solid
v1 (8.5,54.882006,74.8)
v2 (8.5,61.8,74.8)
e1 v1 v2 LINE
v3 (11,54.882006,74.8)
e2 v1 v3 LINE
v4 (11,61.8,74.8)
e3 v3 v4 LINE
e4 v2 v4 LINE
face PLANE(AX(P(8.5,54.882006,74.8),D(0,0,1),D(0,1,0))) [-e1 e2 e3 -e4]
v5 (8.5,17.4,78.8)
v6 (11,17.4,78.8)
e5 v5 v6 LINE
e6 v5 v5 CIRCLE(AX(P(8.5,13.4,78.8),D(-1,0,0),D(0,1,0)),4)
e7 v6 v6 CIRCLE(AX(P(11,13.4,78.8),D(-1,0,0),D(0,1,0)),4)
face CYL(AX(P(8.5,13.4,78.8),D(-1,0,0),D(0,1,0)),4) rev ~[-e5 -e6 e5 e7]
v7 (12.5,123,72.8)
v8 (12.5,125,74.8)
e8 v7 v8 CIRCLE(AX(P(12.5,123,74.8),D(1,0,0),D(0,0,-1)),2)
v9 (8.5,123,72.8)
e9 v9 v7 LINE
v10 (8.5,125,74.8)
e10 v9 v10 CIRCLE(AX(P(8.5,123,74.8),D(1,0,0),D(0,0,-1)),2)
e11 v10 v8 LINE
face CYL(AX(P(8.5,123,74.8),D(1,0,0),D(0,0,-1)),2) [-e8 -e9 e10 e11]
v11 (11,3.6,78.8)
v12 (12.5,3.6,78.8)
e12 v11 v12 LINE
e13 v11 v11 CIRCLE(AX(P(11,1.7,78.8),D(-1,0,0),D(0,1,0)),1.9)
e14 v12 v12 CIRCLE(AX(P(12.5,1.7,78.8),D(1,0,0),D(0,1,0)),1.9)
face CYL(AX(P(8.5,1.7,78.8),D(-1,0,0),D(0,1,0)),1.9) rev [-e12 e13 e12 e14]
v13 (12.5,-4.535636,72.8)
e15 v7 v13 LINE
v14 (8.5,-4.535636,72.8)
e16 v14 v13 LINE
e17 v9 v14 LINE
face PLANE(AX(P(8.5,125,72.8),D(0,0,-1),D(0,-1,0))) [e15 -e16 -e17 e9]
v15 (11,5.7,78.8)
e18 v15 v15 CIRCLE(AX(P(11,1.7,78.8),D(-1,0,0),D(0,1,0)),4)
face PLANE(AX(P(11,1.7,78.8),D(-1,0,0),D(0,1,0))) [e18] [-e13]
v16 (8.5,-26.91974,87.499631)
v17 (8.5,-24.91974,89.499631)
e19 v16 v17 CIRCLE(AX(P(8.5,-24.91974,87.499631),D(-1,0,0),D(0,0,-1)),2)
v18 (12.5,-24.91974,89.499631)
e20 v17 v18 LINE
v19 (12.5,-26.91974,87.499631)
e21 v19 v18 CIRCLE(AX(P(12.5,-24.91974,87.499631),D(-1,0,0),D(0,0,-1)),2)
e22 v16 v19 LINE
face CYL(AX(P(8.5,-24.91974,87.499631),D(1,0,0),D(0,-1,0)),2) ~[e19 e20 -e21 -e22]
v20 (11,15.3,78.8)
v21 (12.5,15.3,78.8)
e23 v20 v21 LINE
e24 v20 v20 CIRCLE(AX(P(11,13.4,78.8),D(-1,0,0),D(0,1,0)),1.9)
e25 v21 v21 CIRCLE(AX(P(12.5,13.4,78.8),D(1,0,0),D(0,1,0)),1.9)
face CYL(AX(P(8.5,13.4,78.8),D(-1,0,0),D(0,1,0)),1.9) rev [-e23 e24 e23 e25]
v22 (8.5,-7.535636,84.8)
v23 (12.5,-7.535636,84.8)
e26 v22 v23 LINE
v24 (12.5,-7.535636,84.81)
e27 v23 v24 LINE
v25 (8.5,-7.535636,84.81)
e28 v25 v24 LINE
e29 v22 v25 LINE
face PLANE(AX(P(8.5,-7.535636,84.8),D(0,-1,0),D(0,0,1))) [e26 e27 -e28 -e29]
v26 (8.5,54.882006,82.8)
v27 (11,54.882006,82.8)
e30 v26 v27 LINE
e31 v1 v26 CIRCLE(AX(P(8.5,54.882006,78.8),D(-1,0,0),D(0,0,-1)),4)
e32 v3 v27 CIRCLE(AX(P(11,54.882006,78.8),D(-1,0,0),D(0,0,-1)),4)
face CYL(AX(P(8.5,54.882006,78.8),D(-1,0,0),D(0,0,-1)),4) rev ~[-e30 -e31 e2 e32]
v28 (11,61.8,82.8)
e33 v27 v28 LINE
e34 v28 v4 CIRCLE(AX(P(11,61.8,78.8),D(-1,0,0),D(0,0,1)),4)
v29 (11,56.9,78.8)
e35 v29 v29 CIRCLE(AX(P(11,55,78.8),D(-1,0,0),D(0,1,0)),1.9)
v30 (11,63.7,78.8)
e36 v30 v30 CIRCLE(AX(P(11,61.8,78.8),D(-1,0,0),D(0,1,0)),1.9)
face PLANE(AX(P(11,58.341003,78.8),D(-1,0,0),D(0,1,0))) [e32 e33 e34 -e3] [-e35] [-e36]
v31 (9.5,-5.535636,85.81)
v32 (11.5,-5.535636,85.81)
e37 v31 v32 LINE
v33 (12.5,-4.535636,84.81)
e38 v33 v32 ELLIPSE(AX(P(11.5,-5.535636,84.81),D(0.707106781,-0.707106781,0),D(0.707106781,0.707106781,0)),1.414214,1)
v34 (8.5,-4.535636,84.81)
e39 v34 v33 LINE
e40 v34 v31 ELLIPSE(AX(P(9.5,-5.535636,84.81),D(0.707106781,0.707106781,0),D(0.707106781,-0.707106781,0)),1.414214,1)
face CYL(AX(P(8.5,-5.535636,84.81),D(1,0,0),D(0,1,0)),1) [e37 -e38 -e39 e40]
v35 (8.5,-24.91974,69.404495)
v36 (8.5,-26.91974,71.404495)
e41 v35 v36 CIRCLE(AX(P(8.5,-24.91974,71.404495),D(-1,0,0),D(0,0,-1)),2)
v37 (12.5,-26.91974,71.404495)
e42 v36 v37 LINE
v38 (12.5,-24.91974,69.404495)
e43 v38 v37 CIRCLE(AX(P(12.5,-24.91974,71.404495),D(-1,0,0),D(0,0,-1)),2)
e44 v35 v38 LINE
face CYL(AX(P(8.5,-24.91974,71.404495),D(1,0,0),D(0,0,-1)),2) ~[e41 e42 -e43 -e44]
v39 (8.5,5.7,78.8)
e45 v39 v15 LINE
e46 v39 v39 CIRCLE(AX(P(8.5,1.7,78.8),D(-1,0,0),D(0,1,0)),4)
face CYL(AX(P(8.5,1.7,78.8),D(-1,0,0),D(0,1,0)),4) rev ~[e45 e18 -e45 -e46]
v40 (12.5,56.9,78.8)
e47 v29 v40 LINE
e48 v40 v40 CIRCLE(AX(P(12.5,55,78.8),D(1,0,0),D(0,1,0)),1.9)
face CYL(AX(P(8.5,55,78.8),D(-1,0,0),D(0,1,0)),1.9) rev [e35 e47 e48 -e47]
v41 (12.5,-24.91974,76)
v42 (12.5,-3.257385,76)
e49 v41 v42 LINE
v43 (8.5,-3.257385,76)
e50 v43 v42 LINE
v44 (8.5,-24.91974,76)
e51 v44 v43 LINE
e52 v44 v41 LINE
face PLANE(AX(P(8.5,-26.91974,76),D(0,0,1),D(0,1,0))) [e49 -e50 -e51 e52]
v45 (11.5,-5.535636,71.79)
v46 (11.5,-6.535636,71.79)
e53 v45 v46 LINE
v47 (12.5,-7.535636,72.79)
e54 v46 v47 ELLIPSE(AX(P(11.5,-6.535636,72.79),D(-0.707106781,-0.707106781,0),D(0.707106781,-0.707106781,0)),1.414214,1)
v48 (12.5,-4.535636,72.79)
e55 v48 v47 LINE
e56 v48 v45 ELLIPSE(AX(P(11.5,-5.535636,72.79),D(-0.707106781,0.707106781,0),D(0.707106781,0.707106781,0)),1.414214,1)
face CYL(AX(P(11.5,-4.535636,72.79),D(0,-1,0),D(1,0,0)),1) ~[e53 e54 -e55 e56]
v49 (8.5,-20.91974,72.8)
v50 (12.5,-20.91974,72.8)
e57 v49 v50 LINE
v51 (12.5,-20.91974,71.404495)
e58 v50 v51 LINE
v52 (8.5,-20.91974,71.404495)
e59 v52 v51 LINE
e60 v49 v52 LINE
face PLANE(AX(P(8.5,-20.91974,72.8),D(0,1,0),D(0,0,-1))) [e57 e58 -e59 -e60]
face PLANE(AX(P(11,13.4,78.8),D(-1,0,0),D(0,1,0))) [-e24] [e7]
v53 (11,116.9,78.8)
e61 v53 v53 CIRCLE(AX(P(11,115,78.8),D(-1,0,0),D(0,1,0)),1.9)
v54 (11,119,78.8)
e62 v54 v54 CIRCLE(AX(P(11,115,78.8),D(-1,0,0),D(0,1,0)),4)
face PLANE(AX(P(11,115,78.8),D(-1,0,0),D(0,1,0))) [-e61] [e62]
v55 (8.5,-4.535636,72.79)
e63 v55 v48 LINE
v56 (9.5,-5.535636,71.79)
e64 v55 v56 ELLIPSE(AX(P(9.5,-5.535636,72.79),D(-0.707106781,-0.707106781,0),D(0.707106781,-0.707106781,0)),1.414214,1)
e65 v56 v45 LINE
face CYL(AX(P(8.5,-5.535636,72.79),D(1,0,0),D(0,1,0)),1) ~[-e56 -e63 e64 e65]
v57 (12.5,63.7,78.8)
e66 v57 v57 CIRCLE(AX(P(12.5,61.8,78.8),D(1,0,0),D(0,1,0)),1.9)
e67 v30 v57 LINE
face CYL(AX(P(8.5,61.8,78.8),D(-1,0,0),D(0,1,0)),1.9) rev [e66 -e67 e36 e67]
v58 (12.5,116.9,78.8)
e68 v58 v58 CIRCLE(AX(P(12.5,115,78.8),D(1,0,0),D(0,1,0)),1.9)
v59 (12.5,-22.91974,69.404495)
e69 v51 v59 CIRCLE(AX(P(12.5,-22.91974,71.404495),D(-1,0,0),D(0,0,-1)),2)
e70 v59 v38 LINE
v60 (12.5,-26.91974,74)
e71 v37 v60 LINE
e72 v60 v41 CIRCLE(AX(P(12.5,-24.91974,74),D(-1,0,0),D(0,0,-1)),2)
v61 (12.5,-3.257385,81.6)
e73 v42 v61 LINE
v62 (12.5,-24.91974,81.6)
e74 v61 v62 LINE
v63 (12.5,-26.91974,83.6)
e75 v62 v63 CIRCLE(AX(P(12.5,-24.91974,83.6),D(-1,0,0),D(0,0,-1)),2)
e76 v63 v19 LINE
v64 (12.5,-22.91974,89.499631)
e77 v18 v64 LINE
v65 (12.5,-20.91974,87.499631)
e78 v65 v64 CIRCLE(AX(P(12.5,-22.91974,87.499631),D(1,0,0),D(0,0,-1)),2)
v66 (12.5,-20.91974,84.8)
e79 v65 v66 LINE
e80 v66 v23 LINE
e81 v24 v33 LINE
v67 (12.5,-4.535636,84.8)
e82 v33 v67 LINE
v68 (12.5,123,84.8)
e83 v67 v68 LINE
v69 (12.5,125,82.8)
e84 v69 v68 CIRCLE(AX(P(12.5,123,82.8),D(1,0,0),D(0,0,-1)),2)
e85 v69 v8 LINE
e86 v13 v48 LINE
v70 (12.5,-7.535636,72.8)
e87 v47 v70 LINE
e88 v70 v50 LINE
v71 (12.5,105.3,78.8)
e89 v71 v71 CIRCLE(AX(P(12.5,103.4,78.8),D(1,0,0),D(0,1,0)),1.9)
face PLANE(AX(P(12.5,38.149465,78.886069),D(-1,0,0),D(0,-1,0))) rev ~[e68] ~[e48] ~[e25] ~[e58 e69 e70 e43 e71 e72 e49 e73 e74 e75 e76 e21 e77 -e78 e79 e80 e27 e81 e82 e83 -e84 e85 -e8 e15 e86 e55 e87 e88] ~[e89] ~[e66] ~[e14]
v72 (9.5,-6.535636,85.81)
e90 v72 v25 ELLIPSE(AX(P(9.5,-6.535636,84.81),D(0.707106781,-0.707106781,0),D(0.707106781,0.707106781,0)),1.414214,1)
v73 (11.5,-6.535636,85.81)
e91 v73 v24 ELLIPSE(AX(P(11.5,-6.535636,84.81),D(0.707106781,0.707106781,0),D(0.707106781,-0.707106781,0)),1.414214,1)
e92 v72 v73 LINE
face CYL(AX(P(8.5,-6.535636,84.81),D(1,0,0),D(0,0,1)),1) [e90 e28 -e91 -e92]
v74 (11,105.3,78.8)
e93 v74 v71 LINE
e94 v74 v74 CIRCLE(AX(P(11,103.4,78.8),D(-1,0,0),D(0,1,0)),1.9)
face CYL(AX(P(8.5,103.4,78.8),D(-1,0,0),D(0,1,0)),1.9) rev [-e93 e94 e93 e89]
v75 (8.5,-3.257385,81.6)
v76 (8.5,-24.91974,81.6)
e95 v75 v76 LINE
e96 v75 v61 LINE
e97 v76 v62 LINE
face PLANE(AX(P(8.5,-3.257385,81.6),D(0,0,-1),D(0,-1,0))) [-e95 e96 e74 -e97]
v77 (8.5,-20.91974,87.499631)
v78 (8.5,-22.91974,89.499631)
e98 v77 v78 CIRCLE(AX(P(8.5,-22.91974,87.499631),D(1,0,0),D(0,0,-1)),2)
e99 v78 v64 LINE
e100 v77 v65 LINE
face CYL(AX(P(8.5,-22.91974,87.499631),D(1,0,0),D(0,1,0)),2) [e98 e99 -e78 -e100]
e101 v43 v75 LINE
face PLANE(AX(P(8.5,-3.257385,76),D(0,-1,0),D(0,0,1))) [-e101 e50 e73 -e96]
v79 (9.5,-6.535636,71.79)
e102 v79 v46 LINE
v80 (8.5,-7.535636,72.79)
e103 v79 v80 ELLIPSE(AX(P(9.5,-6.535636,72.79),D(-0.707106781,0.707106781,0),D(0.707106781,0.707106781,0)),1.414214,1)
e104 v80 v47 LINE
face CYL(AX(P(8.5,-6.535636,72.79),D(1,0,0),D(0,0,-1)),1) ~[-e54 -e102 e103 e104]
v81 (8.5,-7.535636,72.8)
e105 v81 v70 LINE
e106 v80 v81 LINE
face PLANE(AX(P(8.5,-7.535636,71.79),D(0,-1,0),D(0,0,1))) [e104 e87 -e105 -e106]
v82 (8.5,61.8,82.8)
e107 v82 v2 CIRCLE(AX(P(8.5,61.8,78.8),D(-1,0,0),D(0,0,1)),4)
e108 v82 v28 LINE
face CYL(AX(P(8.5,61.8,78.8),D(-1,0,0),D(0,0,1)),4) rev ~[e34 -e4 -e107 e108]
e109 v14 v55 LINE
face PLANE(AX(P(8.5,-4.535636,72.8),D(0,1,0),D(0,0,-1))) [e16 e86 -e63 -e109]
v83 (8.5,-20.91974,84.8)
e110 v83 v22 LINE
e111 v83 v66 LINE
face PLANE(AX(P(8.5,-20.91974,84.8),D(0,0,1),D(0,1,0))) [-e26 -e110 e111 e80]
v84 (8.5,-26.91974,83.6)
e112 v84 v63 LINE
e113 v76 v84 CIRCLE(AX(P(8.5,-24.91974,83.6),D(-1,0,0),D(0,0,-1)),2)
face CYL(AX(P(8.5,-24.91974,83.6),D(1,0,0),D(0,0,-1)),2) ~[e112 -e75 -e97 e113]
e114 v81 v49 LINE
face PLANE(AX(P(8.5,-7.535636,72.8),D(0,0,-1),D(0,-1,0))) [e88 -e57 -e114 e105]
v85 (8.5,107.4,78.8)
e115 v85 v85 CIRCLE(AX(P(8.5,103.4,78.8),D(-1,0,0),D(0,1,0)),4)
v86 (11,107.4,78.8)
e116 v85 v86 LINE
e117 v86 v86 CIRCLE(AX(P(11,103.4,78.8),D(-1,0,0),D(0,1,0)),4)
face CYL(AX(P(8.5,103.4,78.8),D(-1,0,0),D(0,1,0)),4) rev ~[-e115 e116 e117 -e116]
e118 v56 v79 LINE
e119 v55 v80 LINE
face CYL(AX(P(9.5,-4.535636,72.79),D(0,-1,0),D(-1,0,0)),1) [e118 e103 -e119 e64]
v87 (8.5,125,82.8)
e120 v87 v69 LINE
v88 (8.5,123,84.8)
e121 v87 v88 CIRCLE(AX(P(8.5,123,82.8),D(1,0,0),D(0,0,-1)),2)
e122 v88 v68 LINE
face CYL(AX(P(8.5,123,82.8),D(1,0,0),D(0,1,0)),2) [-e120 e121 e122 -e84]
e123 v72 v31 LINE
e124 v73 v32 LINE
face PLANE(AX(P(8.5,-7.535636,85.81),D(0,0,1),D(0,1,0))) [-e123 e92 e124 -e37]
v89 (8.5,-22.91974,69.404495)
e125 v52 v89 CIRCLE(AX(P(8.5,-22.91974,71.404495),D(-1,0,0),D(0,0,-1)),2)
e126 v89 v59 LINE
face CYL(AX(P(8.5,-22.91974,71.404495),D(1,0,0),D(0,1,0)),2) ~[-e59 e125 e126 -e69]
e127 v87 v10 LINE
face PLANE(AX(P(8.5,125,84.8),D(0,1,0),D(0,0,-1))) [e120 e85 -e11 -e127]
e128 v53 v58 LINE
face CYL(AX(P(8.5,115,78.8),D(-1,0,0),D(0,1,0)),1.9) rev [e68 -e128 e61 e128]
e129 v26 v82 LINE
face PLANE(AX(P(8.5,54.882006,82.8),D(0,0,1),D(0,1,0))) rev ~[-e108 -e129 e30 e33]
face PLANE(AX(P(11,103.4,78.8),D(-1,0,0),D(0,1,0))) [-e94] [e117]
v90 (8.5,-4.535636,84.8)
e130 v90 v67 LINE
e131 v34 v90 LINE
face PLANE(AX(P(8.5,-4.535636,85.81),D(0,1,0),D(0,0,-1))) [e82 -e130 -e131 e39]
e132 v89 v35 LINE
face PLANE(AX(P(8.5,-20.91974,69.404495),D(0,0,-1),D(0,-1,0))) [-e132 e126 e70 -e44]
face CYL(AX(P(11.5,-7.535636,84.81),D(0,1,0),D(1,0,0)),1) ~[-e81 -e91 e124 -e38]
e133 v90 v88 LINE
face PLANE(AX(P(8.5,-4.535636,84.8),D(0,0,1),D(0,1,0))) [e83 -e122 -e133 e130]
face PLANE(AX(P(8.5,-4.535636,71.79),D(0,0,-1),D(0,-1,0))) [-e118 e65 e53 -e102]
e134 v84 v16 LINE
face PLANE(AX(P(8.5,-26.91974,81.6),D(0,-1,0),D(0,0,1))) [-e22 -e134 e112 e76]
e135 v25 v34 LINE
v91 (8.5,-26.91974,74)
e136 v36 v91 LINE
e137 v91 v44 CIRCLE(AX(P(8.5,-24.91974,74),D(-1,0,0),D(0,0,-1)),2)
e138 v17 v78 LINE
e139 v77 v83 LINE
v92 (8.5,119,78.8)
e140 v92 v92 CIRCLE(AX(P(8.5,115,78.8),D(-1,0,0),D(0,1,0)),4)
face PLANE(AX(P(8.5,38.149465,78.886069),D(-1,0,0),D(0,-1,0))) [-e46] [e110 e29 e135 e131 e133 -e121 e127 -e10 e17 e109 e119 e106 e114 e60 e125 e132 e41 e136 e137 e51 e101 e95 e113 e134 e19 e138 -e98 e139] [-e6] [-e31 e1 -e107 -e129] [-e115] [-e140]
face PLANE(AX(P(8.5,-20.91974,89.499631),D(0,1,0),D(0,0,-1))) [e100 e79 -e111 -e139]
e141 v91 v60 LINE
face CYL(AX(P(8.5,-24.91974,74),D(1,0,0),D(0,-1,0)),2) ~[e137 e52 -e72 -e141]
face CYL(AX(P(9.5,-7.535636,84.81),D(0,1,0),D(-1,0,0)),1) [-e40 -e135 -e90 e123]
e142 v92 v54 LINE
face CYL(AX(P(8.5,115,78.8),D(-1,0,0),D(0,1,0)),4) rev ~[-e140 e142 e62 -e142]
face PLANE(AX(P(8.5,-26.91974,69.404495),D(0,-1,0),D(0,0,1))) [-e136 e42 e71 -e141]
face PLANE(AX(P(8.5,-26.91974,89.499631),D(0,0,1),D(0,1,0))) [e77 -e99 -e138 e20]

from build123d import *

# Parameters (mm, degrees)
SKETCH066_R             = 1.9
PAD022_DEPTH            = 4
SKETCH067_R             = 4
POCKET044_DEPTH         = 2.5
FILLET018_R             = 2
FILLET019_R             = 1
FILLET020_R             = 2
BODY018_PLACEMENT_ANGLE = 270


with BuildPart() as part:
    # Sketch066 → Pad022 (new body)
    with BuildSketch(Plane.XZ):
        Polygon((4, 0), (-125.535636, 0), (-125.535636, -1.01), (-128.535636, -1.01), (-128.535636, 0), (-141.91974, 0), (-141.91974, -3.395505), (-147.91974, -3.395505), (-147.91974, 3.2), (-124.257385, 3.2), (-124.257385, 8.8), (-147.91974, 8.8), (-147.91974, 16.699631), (-141.91974, 16.699631), (-141.91974, 12), (-128.535636, 12), (-128.535636, 13.01), (-125.535636, 13.01), (-125.535636, 12), (4, 12), align=None)
        with Locations((-66, 6)):
            Circle(SKETCH066_R, mode=Mode.SUBTRACT)
        with Locations((-6, 6)):
            Circle(SKETCH066_R, mode=Mode.SUBTRACT)
        with Locations((-107.6, 6)):
            Circle(SKETCH066_R, mode=Mode.SUBTRACT)
        with Locations((-17.6, 6)):
            Circle(SKETCH066_R, mode=Mode.SUBTRACT)
        with Locations((-59.2, 6)):
            Circle(SKETCH066_R, mode=Mode.SUBTRACT)
        with Locations((-119.3, 6)):
            Circle(SKETCH066_R, mode=Mode.SUBTRACT)
    extrude(amount=PAD022_DEPTH)

    # Sketch067 (on Face27 of Pad022) → Pocket044 (cut)
    with BuildSketch(Plane(origin=(0, 0, 0), x_dir=(1, 0, 0), z_dir=(0, 1, 0))):
        with Locations((-107.6, -6)):
            Circle(SKETCH067_R)
        with Locations((-6, -6)):
            Circle(SKETCH067_R)
        with Locations((-17.6, -6)):
            Circle(SKETCH067_R)
        with Locations((-119.3, -6)):
            Circle(SKETCH067_R)
        with BuildLine():
            ThreePointArc((-66.1179939879, -2), (-70.1179939879, -6), (-66.1179939879, -10))
            Line((-66.1179939879, -10), (-59.2, -10))
            ThreePointArc((-59.2, -10), (-55.2, -6), (-59.2, -2))
            Line((-66.1179939879, -2), (-59.2, -2))
        make_face()
    extrude(amount=-POCKET044_DEPTH, mode=Mode.SUBTRACT)

    # Fillet018
    fillet018_edges = [part.edges().sort_by_distance(p)[0] for p in [
        (4, -2, 12),
        (4, -2, 0),
    ]]
    fillet(fillet018_edges, radius=FILLET018_R)

    # Fillet019
    fillet019_edges = [part.edges().sort_by_distance(p)[0] for p in [
        (-125.535636, -2, -1.01),
        (-128.535636, -2, -1.01),
        (-127.035636, 0, -1.01),
        (-127.035636, -4, -1.01),
        (-128.535636, -2, 13.01),
        (-125.535636, -2, 13.01),
        (-127.035636, 0, 13.01),
        (-127.035636, -4, 13.01),
    ]]
    fillet(fillet019_edges, radius=FILLET019_R)

    # Fillet020
    fillet020_edges = [part.edges().sort_by_distance(p)[0] for p in [
        (-141.91974, -2, 16.699631),
        (-147.91974, -2, 16.699631),
        (-147.91974, -2, 8.8),
        (-147.91974, -2, 3.2),
        (-147.91974, -2, -3.395505),
        (-141.91974, -2, -3.395505),
    ]]
    fillet(fillet020_edges, radius=FILLET020_R)


with BuildPart() as part_1:
    # Body018 placement: moved
    add(part.part.moved(Location((8.5, 121, 72.8))).rotate(Axis((8.5, 121, 72.8), (0, 0, -1)), BODY018_PLACEMENT_ANGLE))


solid = part_1.part
